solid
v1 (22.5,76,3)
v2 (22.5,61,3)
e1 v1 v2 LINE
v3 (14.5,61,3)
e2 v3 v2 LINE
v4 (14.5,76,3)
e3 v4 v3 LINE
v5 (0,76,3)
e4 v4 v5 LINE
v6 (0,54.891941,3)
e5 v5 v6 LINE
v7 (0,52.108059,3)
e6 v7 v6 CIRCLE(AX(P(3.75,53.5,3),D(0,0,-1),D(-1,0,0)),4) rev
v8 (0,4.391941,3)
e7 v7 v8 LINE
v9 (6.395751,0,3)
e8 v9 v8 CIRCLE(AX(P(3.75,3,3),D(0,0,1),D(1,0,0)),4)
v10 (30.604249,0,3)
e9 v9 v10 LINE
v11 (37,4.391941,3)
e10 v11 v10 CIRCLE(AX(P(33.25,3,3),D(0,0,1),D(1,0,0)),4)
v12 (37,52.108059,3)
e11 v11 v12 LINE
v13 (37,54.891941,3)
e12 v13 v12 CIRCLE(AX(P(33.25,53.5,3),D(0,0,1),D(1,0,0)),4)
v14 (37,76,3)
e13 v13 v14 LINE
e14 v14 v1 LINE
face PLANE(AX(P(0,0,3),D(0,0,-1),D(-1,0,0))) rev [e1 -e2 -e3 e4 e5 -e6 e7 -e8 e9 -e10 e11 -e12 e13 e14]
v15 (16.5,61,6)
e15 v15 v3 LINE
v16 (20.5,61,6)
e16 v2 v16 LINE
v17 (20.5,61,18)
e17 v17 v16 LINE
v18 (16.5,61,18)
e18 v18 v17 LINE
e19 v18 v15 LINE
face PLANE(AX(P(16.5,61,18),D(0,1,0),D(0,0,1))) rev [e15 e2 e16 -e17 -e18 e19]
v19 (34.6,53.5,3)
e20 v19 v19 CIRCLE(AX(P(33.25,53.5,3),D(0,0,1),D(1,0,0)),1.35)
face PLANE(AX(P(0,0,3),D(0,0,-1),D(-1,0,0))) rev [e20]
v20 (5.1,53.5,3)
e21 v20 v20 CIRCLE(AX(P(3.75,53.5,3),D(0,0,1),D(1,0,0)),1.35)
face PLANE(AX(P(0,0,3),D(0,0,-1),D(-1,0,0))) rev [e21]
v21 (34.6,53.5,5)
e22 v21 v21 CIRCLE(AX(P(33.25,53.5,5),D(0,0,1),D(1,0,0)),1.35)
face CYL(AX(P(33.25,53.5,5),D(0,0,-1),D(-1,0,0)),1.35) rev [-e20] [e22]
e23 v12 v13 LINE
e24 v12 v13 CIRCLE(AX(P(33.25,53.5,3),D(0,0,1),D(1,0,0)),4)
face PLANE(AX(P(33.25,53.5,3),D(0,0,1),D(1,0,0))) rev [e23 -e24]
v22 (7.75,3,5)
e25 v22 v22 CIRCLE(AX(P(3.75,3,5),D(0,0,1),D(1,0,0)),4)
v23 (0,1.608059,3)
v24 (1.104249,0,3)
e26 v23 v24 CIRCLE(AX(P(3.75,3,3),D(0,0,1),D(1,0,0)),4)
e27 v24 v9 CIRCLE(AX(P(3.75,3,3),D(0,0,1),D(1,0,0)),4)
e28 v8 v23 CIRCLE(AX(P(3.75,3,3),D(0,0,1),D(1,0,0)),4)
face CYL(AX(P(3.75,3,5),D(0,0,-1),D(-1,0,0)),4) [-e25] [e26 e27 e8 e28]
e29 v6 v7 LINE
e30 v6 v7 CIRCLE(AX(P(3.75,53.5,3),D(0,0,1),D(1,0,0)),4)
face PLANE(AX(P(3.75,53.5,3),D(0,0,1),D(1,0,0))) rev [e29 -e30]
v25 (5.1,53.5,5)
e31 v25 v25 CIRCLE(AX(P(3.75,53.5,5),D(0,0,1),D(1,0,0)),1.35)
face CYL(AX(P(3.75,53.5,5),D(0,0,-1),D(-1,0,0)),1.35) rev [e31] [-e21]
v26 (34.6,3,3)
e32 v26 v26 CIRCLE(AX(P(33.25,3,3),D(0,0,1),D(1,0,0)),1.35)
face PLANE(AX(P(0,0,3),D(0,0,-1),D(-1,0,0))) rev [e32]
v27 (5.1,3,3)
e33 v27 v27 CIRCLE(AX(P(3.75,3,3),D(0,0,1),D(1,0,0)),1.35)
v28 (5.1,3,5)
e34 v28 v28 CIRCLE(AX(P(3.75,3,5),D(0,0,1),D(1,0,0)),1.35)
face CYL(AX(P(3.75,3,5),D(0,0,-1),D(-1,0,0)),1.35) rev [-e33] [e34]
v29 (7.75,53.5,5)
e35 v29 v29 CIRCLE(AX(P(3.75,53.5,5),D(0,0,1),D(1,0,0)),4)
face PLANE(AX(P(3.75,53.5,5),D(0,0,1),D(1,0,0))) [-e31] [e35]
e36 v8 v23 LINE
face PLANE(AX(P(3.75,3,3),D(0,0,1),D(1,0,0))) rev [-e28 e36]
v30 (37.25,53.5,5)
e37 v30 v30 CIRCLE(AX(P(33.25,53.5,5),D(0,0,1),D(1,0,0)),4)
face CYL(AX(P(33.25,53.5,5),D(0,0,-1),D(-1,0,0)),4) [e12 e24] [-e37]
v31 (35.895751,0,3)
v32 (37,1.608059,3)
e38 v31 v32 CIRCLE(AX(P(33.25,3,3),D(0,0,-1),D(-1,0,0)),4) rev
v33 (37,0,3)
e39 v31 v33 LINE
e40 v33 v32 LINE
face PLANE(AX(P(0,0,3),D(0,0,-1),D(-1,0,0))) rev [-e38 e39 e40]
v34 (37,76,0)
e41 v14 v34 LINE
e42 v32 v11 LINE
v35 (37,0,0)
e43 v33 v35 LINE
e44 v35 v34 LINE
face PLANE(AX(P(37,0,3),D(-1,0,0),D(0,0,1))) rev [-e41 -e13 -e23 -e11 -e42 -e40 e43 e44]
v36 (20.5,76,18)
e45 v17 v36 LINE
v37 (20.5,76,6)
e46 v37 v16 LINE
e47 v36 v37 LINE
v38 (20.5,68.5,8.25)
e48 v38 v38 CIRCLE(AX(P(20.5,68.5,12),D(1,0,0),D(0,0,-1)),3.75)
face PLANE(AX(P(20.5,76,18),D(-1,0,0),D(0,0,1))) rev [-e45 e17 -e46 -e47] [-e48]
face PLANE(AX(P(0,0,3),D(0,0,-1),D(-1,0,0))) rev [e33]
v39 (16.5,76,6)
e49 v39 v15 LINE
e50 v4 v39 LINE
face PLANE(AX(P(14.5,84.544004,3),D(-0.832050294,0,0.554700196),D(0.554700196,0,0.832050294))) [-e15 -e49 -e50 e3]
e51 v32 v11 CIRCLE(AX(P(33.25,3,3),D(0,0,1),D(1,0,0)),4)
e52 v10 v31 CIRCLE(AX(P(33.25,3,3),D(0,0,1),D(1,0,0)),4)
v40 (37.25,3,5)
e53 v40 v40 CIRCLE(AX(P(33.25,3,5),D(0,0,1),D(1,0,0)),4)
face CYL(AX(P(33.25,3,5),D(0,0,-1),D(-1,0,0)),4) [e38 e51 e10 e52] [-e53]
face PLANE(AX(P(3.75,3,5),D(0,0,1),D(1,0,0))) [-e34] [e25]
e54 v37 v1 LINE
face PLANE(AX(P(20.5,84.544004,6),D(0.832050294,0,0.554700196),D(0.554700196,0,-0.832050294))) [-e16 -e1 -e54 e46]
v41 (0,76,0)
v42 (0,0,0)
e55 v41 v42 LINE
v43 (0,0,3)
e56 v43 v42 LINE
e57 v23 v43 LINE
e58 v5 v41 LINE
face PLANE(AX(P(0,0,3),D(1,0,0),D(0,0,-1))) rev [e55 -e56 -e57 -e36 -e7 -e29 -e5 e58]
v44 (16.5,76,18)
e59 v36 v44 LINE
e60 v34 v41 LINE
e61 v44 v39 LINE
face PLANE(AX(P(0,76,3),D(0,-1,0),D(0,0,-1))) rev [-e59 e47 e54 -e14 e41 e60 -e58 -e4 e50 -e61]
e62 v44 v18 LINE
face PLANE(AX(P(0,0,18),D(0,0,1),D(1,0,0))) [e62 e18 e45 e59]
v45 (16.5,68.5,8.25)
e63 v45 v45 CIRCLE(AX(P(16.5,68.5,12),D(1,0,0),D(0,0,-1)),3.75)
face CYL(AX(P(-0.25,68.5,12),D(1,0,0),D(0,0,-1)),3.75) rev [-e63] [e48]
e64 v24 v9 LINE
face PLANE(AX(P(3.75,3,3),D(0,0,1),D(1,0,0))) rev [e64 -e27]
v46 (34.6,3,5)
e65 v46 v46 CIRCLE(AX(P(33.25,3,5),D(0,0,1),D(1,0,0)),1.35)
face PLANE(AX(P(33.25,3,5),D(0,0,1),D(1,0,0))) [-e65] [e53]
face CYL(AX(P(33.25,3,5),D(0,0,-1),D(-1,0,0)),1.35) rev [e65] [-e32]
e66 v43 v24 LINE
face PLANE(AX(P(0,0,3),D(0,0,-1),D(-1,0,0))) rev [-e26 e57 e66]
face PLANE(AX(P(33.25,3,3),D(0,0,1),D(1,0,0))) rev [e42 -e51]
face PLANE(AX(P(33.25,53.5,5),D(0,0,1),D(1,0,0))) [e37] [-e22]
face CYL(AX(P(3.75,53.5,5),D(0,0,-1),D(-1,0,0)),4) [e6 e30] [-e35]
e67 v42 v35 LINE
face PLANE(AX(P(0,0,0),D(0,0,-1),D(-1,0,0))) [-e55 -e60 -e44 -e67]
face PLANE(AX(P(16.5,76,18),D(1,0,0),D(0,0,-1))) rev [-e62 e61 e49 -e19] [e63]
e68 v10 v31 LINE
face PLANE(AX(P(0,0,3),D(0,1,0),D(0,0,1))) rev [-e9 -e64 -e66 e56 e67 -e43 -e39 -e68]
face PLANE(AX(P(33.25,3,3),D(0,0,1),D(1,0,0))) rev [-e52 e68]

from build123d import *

# Parameters (mm, degrees)
MAIN_SKETCH_W                          = 37
MAIN_SKETCH_H                          = 76
MAIN_EXTRUSION_DEPTH                   = 3
BOARD_FIX_SKETCH_R                     = 4
BOARD_FIX_SKETCH_R_2                   = 1.35
BOARD_FIX_DEPTH                        = 2
JACK_FIX_SKETCH_W                      = 4
JACK_FIX_SKETCH_H                      = 15
JACK_FIX_DEPTH                         = 15
JACK_FIX_HOLE_SKETCH_R                 = 3.75
JACK_FIX_HOLE_DEPTH                    = 21.75
JACK_FIX_REINFORCEMENT_EXTRUSION_DEPTH = 15


with BuildPart() as part:
    # Main-Sketch → Main-Extrusion (new body)
    with BuildSketch(Plane.XY):
        with Locations((18.5, 38)):
            Rectangle(MAIN_SKETCH_W, MAIN_SKETCH_H)
    extrude(amount=MAIN_EXTRUSION_DEPTH)

    # Board-Fix-Sketch → Board-Fix (add)
    with BuildSketch(Plane.XY.offset(3)):
        with Locations((3.75, 3)):
            Circle(BOARD_FIX_SKETCH_R)
        with Locations((3.75, 3)):
            Circle(BOARD_FIX_SKETCH_R_2, mode=Mode.SUBTRACT)
        with Locations((33.25, 3)):
            Circle(BOARD_FIX_SKETCH_R)
        with Locations((33.25, 3)):
            Circle(BOARD_FIX_SKETCH_R_2, mode=Mode.SUBTRACT)
        with Locations((33.25, 53.5)):
            Circle(BOARD_FIX_SKETCH_R)
        with Locations((33.25, 53.5)):
            Circle(BOARD_FIX_SKETCH_R_2, mode=Mode.SUBTRACT)
        with Locations((3.75, 53.5)):
            Circle(BOARD_FIX_SKETCH_R)
        with Locations((3.75, 53.5)):
            Circle(BOARD_FIX_SKETCH_R_2, mode=Mode.SUBTRACT)
    extrude(amount=BOARD_FIX_DEPTH)

    # Jack-Fix-Sketch → Jack-Fix (add)
    with BuildSketch(Plane.XY.offset(3)):
        with Locations((18.5, 68.5)):
            Rectangle(JACK_FIX_SKETCH_W, JACK_FIX_SKETCH_H)
    extrude(amount=JACK_FIX_DEPTH)

    # Jack-Fix-Hole-Sketch → Jack-Fix-Hole (cut, through all)
    with BuildSketch(Plane(origin=(20.5, 0, 0), x_dir=(0, 0, -1), z_dir=(1, 0, 0))):
        with Locations((-12, 68.5)):
            Circle(JACK_FIX_HOLE_SKETCH_R)
    extrude(amount=-JACK_FIX_HOLE_DEPTH, mode=Mode.SUBTRACT)

    # Jack-Fix-Reinforcement-Sketch → Jack-Fix-Reinforcement-Extrusion (add)
    with BuildSketch(Plane(origin=(0, 61, 0), x_dir=(-1, 0, 0), z_dir=(0, -1, 0))):
        Polygon((-22.5, -3), (-14.5, -3), (-16.5, -6), (-20.5, -6), align=None)
    extrude(amount=-JACK_FIX_REINFORCEMENT_EXTRUSION_DEPTH)


solid = part.part
